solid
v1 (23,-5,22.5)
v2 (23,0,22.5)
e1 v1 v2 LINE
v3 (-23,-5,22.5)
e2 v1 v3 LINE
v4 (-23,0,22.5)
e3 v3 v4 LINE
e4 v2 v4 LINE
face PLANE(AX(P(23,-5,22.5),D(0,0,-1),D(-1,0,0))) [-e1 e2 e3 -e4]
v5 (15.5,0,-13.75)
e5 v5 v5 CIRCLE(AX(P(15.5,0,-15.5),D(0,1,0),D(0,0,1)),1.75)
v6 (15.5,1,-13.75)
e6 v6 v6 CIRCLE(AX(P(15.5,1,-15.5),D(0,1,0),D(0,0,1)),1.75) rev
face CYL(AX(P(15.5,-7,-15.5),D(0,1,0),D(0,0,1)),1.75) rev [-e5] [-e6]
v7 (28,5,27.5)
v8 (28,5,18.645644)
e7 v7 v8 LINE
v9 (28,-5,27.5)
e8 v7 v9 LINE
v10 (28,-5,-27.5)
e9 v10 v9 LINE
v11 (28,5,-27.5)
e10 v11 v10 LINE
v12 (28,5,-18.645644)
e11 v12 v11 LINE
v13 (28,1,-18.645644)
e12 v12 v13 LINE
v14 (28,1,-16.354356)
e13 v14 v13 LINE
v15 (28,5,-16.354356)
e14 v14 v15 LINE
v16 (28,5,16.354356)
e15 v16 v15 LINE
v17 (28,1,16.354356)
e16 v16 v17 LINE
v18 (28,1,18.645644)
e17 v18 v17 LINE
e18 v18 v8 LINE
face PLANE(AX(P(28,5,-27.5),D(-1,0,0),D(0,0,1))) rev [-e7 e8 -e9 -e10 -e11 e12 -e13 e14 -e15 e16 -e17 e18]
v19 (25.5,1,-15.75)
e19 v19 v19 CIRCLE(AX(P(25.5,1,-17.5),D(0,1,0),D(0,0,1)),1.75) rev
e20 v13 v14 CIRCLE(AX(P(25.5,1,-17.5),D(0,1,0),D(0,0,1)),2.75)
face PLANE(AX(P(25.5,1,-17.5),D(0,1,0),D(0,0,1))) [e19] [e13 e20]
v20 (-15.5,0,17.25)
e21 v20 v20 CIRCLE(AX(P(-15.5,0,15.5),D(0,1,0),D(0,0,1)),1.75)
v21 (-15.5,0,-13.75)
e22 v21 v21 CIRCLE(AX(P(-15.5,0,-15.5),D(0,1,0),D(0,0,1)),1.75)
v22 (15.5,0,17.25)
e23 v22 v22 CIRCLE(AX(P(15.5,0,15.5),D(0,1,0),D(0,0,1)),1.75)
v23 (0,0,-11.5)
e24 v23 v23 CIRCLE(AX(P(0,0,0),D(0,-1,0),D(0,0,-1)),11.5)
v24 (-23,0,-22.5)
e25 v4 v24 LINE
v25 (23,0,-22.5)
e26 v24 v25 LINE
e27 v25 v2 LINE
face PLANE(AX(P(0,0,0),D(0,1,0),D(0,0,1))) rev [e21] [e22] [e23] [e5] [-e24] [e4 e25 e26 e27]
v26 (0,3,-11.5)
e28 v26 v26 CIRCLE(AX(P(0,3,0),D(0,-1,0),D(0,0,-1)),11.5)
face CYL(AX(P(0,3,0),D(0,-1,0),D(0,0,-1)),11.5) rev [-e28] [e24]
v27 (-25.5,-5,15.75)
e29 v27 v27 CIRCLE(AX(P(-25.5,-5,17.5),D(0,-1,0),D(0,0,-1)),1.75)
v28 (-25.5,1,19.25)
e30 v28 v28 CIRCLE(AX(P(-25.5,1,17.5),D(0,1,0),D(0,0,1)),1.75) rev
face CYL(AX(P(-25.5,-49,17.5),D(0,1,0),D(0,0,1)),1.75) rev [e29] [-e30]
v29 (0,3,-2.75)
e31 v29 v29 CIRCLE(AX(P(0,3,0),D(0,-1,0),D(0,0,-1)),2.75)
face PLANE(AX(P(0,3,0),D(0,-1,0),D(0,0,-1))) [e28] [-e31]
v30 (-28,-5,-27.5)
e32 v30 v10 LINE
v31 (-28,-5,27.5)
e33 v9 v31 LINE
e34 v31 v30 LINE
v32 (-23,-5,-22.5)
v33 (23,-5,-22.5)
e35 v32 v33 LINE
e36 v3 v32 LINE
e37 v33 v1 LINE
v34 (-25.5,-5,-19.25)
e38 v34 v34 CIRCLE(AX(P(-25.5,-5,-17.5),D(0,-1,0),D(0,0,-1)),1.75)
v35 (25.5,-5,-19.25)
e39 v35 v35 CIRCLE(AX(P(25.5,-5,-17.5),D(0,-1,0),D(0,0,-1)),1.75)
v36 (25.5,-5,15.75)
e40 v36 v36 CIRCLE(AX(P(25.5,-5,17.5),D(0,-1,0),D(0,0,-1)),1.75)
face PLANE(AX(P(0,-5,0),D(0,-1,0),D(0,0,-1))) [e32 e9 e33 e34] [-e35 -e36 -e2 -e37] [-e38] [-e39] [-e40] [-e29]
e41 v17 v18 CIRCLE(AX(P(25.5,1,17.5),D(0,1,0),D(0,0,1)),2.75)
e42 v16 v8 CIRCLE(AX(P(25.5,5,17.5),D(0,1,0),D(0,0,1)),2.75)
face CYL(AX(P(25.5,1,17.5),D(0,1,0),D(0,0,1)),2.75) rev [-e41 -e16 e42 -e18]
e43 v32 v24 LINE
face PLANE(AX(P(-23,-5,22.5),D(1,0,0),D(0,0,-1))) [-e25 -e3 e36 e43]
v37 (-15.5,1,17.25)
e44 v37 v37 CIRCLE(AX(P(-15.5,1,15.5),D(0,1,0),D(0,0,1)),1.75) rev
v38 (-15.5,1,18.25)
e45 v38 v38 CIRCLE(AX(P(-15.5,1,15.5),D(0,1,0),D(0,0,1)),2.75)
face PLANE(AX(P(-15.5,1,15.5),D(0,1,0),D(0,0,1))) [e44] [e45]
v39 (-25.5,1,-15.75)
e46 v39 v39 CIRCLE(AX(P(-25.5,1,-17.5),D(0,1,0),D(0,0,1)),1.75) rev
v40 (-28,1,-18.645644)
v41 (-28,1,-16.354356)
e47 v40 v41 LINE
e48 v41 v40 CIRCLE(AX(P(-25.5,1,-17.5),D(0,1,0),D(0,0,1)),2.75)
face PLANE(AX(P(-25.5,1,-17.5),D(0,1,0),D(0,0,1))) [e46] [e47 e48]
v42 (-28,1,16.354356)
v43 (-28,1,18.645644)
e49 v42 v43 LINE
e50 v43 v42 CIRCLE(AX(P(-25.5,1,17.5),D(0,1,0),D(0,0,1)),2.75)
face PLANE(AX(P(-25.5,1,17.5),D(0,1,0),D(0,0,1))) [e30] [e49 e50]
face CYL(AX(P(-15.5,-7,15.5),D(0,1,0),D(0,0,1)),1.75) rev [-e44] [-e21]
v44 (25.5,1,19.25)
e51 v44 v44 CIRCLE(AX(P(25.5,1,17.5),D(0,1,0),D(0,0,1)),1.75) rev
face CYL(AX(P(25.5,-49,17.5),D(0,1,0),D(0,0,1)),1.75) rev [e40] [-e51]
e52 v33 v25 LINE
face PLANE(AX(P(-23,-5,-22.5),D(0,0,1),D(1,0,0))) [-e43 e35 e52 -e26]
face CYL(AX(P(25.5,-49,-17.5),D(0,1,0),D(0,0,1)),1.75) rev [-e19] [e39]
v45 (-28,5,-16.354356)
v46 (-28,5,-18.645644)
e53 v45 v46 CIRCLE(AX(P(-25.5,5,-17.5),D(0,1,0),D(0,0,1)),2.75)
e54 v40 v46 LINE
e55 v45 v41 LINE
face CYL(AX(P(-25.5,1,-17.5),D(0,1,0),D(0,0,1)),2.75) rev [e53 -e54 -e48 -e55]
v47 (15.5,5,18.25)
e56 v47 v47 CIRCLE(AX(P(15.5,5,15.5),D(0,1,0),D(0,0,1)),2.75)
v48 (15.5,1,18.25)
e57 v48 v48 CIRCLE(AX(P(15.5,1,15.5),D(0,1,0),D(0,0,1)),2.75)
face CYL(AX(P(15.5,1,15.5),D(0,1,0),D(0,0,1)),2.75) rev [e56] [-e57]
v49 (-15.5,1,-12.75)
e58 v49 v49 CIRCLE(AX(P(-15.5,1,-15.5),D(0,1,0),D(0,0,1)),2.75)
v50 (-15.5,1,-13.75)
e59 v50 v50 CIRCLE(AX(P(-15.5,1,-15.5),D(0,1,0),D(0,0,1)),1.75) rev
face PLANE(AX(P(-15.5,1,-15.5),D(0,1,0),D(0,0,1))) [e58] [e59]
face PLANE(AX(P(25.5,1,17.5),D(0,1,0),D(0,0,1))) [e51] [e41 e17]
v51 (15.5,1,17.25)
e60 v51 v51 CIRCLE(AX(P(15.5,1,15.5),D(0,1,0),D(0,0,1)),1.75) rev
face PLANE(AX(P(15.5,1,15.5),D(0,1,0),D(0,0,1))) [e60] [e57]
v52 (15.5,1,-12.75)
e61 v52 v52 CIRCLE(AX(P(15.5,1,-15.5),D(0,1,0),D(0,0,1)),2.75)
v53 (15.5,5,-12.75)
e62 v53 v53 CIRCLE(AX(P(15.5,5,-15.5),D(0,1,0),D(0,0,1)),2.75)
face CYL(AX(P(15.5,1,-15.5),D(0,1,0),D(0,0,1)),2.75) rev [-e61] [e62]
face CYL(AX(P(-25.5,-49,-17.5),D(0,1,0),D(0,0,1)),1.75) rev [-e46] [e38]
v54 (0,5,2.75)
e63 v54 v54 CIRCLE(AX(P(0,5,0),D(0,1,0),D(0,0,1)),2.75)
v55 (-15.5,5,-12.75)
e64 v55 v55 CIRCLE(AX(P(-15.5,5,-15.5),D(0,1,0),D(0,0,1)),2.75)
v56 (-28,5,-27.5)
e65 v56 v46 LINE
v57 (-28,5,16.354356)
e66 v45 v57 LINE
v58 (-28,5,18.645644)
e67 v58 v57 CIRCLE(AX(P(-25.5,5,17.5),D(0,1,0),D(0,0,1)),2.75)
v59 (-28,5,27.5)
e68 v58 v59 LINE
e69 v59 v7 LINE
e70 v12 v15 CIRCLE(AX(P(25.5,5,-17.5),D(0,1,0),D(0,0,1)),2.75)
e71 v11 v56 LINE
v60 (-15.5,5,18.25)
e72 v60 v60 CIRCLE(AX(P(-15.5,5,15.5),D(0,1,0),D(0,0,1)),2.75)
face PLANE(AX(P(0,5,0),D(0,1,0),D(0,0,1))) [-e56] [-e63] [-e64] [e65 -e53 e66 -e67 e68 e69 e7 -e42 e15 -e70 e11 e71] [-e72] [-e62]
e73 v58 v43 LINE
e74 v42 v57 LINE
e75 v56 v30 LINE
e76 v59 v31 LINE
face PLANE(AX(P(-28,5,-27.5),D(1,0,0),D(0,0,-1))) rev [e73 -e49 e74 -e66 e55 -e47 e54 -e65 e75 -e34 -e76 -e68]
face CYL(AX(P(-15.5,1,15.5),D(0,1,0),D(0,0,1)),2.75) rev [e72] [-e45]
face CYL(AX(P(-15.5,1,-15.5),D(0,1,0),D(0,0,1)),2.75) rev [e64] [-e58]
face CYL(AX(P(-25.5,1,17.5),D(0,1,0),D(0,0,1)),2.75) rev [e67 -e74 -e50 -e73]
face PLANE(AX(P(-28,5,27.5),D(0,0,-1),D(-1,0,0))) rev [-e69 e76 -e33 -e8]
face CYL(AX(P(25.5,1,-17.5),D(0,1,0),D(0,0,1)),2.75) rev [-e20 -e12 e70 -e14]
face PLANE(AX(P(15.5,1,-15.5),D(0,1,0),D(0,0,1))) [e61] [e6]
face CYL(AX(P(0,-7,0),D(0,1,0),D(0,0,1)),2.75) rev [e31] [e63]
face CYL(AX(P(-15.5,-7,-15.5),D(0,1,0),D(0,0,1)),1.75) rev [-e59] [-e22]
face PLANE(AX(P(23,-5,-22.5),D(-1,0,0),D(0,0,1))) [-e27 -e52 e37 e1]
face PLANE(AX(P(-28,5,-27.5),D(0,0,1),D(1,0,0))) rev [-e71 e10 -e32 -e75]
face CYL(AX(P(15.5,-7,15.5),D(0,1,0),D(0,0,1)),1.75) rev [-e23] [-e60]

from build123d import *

# Parameters (mm, degrees)
SKETCH2_W           = 56
SKETCH2_H           = 55
BOSS_EXTRUDE1_DEPTH = 5
SKETCH4_R           = 11.5
CUT_EXTRUDE1_DEPTH  = 3
SKETCH5_R           = 1.75
CUT_EXTRUDE3_DEPTH  = 54
SKETCH6_W           = 56
SKETCH6_H           = 55
SKETCH6_W_2         = 46
SKETCH6_H_2         = 45
BOSS_EXTRUDE2_DEPTH = 5
SKETCH3_R           = 2.75
SKETCH3_R_2         = 1.75
CUT_EXTRUDE2_DEPTH  = 12
SKETCH5_2_R         = 1.75
CUT_EXTRUDE4_DEPTH  = 33
SKETCH7_R           = 2.75
CUT_EXTRUDE5_DEPTH  = 4


with BuildPart() as part:
    # Sketch2 → Boss-Extrude1 (new body)
    with BuildSketch(Plane(origin=(0, 0, 0), x_dir=(1, 0, 0), z_dir=(0, 1, 0))):
        Rectangle(SKETCH2_W, SKETCH2_H)
    extrude(amount=BOSS_EXTRUDE1_DEPTH)

    # Sketch4 → Cut-Extrude1 (cut)
    with BuildSketch(Plane.XZ):
        Circle(SKETCH4_R)
    extrude(amount=-CUT_EXTRUDE1_DEPTH, mode=Mode.SUBTRACT)

    # Sketch5 → Cut-Extrude3 (cut)
    with BuildSketch(Plane(origin=(0, 5, 0), x_dir=(1, 0, 0), z_dir=(0, 1, 0))):
        with Locations((-25.5, 17.5)):
            Circle(SKETCH5_R)
        with Locations((25.5, -17.5)):
            Circle(SKETCH5_R)
        with Locations((-25.5, -17.5)):
            Circle(SKETCH5_R)
        with Locations((25.5, 17.5)):
            Circle(SKETCH5_R)
    extrude(amount=-CUT_EXTRUDE3_DEPTH, mode=Mode.SUBTRACT)

    # Sketch6 → Boss-Extrude2 (add)
    with BuildSketch(Plane.XZ):
        Rectangle(SKETCH6_W, SKETCH6_H)
        Rectangle(SKETCH6_W_2, SKETCH6_H_2, mode=Mode.SUBTRACT)
    extrude(amount=BOSS_EXTRUDE2_DEPTH)

    # Sketch3 → Cut-Extrude2 (cut)
    with BuildSketch(Plane(origin=(0, 5, 0), x_dir=(1, 0, 0), z_dir=(0, 1, 0))):
        Circle(SKETCH3_R)
        with Locations((-15.5, 15.5)):
            Circle(SKETCH3_R_2)
        with Locations((15.5, 15.5)):
            Circle(SKETCH3_R_2)
        with Locations((15.5, -15.5)):
            Circle(SKETCH3_R_2)
        with Locations((-15.5, -15.5)):
            Circle(SKETCH3_R_2)
    extrude(amount=-CUT_EXTRUDE2_DEPTH, mode=Mode.SUBTRACT)

    # Sketch5<2> → Cut-Extrude4 (cut)
    with BuildSketch(Plane(origin=(0, 5, 0), x_dir=(1, 0, 0), z_dir=(0, 1, 0))):
        with Locations((-25.5, 17.5)):
            Circle(SKETCH5_2_R)
        with Locations((25.5, -17.5)):
            Circle(SKETCH5_2_R)
        with Locations((-25.5, -17.5)):
            Circle(SKETCH5_2_R)
        with Locations((25.5, 17.5)):
            Circle(SKETCH5_2_R)
    extrude(amount=-CUT_EXTRUDE4_DEPTH, mode=Mode.SUBTRACT)

    # Sketch7 → Cut-Extrude5 (cut)
    with BuildSketch(Plane(origin=(0, 5, 0), x_dir=(1, 0, 0), z_dir=(0, 1, 0))):
        with Locations((-15.5, 15.5)):
            Circle(SKETCH7_R)
        with Locations((15.5, 15.5)):
            Circle(SKETCH7_R)
        with Locations((15.5, -15.5)):
            Circle(SKETCH7_R)
        with Locations((-15.5, -15.5)):
            Circle(SKETCH7_R)
        with Locations((-25.5, 17.5)):
            Circle(SKETCH7_R)
        with Locations((-25.5, -17.5)):
            Circle(SKETCH7_R)
        with Locations((25.5, 17.5)):
            Circle(SKETCH7_R)
        with Locations((25.5, -17.5)):
            Circle(SKETCH7_R)
    extrude(amount=-CUT_EXTRUDE5_DEPTH, mode=Mode.SUBTRACT)


solid = part.part
